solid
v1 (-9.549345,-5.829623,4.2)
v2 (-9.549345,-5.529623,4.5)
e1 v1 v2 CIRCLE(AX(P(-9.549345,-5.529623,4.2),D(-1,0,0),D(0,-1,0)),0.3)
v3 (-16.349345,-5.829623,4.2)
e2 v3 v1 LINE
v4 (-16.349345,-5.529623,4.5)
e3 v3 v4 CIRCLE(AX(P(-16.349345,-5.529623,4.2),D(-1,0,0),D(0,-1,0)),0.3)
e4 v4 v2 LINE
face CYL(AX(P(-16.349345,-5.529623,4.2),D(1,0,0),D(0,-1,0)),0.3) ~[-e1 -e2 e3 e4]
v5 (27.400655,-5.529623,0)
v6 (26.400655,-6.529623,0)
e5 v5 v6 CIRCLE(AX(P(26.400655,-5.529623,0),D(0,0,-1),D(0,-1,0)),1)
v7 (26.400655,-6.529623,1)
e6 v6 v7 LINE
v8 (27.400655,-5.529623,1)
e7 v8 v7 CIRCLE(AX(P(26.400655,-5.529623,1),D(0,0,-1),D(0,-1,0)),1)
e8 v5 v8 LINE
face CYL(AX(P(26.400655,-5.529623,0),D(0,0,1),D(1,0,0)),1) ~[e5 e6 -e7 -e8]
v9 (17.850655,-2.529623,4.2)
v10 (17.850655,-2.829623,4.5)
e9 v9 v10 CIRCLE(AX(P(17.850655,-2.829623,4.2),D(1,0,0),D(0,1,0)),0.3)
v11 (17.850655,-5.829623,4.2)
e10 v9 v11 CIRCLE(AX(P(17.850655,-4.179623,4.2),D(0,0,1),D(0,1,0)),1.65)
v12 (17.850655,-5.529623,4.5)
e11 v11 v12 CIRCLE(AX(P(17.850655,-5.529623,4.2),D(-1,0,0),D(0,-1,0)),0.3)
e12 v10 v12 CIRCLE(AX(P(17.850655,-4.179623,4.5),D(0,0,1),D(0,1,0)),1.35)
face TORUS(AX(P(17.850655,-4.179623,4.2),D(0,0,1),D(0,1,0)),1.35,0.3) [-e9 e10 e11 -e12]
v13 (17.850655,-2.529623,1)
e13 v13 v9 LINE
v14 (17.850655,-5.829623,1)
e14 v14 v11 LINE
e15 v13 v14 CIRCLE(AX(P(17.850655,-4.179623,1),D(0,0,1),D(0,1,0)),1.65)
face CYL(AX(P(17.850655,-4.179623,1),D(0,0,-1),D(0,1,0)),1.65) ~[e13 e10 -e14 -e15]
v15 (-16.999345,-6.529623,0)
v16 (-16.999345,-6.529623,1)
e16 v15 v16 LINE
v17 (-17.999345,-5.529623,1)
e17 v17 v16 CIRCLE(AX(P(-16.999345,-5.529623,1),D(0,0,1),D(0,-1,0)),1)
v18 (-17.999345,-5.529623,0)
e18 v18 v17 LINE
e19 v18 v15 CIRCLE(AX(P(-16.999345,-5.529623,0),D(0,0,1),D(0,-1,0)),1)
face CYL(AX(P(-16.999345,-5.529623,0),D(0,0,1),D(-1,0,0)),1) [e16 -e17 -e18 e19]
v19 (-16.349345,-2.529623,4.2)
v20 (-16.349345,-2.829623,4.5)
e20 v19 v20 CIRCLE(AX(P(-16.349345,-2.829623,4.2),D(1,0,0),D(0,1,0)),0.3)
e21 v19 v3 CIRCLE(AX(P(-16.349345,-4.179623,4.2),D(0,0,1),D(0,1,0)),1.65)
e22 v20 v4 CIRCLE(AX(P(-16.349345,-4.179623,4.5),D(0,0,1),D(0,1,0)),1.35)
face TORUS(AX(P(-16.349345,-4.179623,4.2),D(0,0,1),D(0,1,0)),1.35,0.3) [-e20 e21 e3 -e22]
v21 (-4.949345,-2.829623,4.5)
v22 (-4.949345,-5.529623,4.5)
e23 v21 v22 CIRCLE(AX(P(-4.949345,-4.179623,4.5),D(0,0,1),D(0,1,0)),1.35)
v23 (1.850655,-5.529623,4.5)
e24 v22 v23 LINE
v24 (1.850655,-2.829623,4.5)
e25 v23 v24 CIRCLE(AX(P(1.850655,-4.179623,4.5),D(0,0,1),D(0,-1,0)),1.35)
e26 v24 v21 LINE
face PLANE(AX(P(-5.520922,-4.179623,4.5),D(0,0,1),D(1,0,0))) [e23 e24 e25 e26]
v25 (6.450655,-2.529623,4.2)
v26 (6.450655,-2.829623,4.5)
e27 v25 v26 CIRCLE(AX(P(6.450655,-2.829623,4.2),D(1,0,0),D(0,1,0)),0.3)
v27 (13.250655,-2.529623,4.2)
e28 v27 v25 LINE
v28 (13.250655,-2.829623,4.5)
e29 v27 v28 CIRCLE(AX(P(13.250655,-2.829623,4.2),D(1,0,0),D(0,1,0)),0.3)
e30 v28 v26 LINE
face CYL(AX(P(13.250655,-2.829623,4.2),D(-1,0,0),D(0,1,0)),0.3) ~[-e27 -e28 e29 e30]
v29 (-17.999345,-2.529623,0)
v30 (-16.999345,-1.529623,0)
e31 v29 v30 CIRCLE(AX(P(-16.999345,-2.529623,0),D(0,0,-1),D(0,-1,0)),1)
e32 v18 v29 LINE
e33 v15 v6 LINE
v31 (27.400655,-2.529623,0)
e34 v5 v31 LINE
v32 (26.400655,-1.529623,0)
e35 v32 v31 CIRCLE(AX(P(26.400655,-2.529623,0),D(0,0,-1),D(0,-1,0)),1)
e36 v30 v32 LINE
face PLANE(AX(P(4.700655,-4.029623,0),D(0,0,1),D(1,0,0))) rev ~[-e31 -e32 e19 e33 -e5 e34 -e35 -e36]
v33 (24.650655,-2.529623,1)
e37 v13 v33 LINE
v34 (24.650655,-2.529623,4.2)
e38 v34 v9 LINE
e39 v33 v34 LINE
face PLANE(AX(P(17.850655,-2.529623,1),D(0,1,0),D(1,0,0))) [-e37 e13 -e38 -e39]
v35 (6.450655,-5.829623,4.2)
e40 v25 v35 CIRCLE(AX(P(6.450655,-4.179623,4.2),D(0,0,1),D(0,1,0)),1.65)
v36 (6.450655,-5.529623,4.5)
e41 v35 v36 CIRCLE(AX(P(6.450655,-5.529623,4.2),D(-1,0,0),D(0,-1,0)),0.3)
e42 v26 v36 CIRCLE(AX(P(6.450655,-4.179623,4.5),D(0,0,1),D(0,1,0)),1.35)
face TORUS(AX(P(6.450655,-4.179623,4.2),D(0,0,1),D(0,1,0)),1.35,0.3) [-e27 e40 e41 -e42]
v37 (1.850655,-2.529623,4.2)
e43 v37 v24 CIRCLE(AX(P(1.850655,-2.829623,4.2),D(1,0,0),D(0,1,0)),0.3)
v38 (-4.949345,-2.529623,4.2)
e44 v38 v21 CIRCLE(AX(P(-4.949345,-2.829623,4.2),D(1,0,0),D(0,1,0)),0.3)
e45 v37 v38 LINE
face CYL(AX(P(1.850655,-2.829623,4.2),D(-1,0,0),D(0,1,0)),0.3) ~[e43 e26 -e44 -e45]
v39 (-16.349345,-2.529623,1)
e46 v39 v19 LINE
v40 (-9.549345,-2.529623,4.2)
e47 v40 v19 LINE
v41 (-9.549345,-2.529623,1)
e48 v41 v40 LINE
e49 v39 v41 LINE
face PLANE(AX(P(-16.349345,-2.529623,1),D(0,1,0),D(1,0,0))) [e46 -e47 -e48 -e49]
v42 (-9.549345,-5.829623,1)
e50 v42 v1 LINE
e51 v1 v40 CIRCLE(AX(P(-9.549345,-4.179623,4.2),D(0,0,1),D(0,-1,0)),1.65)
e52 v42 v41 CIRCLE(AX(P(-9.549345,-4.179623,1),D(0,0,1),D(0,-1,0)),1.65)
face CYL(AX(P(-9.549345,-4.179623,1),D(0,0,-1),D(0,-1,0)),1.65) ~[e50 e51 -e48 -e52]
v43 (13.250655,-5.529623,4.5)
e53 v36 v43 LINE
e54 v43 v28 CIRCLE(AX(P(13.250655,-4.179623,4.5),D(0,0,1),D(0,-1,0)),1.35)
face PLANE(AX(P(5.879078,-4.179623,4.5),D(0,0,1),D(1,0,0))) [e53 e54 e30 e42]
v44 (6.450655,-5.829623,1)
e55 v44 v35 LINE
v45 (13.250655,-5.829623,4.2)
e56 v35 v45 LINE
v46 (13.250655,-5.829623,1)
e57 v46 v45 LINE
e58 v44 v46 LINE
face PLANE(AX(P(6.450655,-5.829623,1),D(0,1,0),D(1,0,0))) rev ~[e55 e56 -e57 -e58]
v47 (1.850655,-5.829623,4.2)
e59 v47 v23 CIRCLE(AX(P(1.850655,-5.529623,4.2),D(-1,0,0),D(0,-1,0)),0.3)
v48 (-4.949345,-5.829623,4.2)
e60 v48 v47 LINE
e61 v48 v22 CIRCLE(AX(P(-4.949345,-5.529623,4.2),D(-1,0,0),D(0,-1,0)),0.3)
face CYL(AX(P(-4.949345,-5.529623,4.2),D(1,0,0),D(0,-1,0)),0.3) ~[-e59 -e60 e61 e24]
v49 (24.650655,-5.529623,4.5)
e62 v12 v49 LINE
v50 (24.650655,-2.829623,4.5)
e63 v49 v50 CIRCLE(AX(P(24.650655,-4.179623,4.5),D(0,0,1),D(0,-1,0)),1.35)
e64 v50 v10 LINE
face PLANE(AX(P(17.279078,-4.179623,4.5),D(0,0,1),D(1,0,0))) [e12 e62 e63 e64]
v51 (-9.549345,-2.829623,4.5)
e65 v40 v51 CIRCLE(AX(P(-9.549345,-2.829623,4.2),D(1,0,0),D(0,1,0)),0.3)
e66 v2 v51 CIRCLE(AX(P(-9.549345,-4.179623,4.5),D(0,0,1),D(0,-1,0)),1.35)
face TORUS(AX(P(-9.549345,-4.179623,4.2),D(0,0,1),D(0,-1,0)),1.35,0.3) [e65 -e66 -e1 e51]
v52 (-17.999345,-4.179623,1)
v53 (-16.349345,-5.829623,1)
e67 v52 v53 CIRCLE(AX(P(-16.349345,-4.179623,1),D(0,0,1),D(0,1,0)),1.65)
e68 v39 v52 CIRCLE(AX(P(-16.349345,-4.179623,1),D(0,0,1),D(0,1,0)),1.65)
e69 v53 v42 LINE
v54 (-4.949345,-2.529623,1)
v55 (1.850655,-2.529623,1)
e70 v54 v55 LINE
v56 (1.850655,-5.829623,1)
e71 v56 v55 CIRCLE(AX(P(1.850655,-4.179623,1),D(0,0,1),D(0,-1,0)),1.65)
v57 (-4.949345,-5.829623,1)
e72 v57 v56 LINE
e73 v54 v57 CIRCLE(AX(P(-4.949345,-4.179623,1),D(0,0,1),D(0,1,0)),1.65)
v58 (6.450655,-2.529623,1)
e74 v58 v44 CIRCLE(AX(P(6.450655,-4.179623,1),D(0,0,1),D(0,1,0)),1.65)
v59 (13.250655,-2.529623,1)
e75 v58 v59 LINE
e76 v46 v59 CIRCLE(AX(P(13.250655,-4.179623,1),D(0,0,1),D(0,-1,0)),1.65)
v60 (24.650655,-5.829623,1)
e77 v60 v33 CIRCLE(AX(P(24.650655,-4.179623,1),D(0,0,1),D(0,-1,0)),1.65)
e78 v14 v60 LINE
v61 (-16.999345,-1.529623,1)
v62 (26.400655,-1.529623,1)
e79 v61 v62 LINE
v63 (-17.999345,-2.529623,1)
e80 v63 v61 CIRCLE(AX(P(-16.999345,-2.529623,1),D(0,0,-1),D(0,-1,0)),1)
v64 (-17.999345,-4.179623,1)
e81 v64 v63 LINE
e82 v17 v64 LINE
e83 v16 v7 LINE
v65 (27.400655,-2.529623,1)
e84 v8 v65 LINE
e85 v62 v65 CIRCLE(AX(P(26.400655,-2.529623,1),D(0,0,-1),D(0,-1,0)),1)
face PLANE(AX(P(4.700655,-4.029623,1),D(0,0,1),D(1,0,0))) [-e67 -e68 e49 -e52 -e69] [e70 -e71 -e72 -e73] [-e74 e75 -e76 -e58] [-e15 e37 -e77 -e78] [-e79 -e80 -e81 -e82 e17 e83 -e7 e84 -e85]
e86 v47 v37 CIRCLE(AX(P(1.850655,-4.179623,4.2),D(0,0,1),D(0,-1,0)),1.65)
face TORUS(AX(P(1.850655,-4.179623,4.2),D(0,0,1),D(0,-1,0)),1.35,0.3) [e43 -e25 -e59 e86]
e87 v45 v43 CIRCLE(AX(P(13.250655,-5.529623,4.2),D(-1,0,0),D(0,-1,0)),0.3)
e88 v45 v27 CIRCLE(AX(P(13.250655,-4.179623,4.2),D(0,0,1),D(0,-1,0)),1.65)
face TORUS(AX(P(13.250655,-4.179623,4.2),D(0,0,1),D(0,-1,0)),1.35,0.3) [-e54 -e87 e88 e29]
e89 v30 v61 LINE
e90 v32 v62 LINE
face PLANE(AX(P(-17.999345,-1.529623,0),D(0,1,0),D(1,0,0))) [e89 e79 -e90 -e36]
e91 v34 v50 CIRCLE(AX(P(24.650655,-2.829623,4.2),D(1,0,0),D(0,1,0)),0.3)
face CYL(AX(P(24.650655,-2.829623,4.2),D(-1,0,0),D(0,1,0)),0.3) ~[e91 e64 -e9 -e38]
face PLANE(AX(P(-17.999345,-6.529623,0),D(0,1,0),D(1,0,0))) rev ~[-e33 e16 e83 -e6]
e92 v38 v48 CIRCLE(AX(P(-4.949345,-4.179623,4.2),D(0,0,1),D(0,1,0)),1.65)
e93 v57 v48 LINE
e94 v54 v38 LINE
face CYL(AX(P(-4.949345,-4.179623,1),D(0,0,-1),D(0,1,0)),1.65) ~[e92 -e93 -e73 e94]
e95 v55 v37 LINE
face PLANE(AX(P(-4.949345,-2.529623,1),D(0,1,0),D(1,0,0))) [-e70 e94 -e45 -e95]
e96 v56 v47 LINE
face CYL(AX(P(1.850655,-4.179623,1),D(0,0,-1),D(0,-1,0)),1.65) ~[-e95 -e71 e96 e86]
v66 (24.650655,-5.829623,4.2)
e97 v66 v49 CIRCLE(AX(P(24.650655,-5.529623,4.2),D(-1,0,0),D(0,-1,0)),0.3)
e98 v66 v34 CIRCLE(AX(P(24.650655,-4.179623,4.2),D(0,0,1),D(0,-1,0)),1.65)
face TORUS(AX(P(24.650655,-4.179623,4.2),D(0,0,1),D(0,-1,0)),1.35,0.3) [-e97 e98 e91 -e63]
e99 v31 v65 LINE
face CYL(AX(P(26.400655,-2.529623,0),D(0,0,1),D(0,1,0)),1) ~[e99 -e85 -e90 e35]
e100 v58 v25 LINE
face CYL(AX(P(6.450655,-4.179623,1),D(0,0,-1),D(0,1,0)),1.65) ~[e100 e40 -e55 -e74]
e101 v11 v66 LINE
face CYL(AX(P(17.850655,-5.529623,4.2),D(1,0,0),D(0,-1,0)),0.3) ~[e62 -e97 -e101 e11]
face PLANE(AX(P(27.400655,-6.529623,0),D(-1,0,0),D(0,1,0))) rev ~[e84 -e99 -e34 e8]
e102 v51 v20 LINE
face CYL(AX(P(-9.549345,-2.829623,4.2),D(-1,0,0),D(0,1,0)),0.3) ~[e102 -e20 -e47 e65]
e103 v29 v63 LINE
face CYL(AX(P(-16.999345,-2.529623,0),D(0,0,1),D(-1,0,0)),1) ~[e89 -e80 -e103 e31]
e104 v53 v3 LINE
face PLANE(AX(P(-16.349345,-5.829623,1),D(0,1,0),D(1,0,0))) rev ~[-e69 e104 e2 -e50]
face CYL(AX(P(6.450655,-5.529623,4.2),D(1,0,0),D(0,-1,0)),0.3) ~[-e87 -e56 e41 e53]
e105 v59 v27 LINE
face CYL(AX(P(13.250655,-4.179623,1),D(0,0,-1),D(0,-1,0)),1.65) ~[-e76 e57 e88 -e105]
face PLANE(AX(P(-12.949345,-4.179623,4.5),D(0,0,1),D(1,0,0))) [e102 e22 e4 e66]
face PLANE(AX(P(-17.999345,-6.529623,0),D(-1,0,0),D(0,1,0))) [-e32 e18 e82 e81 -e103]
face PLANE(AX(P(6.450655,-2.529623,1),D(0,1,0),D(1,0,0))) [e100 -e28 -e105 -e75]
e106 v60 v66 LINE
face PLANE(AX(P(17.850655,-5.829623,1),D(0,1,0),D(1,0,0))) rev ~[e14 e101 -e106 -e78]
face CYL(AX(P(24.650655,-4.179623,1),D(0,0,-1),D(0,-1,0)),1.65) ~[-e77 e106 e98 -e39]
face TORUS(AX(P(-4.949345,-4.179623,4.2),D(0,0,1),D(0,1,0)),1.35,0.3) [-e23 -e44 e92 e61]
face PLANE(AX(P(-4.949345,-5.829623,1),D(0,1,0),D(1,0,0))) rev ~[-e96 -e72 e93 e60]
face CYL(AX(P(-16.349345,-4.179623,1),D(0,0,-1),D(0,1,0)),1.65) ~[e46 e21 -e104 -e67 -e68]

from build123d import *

# Parameters (mm, degrees)
F0_W     = 45.4
F0_H     = 5
F1_DEPTH = 1
F2_W     = 6.8
F2_H     = 3.3
F3_DEPTH = 3.5
F4_R     = 1
F5_R     = 0.3


with BuildPart() as f1:
    # F0 (on Top) → F1 (new body)
    with BuildSketch(Plane.XY):
        with Locations((4.700655, -4.029623)):
            Rectangle(F0_W, F0_H)
    extrude(amount=F1_DEPTH)

    # F2 (on face) → F3 (join)
    with BuildSketch(Plane.XY.offset(1)):
        with Locations((-12.949345, -4.179623)):
            Rectangle(F2_W, F2_H)
        with BuildLine():
            Line((-16.349345, -5.829623), (-16.349345, -2.529623))
            ThreePointArc((-16.349345, -2.529623), (-17.999345, -4.179623), (-16.349345, -5.829623))
        make_face()
        with BuildLine():
            ThreePointArc((-9.549345, -5.829623), (-7.899345, -4.179623), (-9.549345, -2.529623))
            Line((-9.549345, -2.529623), (-9.549345, -5.829623))
        make_face()
        with BuildLine():
            Line((-4.949345, -5.829623), (-4.949345, -2.529623))
            ThreePointArc((-4.949345, -2.529623), (-6.599345, -4.179623), (-4.949345, -5.829623))
        make_face()
        with Locations((-1.549345, -4.179623)):
            Rectangle(F2_W, F2_H)
        with BuildLine():
            ThreePointArc((1.850655, -5.829623), (3.500655, -4.179623), (1.850655, -2.529623))
            Line((1.850655, -2.529623), (1.850655, -5.829623))
        make_face()
        with BuildLine():
            Line((6.450655, -5.829623), (6.450655, -2.529623))
            ThreePointArc((6.450655, -2.529623), (4.800655, -4.179623), (6.450655, -5.829623))
        make_face()
        with Locations((9.850655, -4.179623)):
            Rectangle(F2_W, F2_H)
        with BuildLine():
            ThreePointArc((13.250655, -5.829623), (14.900655, -4.179623), (13.250655, -2.529623))
            Line((13.250655, -2.529623), (13.250655, -5.829623))
        make_face()
        with BuildLine():
            Line((17.850655, -5.829623), (17.850655, -2.529623))
            ThreePointArc((17.850655, -2.529623), (16.200655, -4.179623), (17.850655, -5.829623))
        make_face()
        with Locations((21.250655, -4.179623)):
            Rectangle(F2_W, F2_H)
        with BuildLine():
            ThreePointArc((24.650655, -5.829623), (26.300655, -4.179623), (24.650655, -2.529623))
            Line((24.650655, -2.529623), (24.650655, -5.829623))
        make_face()
    extrude(amount=F3_DEPTH)

    # F4
    f4_edges = [f1.edges().sort_by_distance(p)[0] for p in [
        (-17.999345, -1.529623, 0.5),
        (-17.999345, -6.529623, 0.5),
        (27.400655, -1.529623, 0.5),
        (27.400655, -6.529623, 0.5),
    ]]
    fillet(f4_edges, radius=F4_R)

    # F5
    f5_edges = [f1.edges().sort_by_distance(p)[0] for p in [
        (-17.999345, -4.179623, 4.5),
        (-6.599345, -4.179623, 4.5),
        (4.800655, -4.179623, 4.5),
        (16.200655, -4.179623, 4.5),
    ]]
    fillet(f5_edges, radius=F5_R)


solid = f1.part
